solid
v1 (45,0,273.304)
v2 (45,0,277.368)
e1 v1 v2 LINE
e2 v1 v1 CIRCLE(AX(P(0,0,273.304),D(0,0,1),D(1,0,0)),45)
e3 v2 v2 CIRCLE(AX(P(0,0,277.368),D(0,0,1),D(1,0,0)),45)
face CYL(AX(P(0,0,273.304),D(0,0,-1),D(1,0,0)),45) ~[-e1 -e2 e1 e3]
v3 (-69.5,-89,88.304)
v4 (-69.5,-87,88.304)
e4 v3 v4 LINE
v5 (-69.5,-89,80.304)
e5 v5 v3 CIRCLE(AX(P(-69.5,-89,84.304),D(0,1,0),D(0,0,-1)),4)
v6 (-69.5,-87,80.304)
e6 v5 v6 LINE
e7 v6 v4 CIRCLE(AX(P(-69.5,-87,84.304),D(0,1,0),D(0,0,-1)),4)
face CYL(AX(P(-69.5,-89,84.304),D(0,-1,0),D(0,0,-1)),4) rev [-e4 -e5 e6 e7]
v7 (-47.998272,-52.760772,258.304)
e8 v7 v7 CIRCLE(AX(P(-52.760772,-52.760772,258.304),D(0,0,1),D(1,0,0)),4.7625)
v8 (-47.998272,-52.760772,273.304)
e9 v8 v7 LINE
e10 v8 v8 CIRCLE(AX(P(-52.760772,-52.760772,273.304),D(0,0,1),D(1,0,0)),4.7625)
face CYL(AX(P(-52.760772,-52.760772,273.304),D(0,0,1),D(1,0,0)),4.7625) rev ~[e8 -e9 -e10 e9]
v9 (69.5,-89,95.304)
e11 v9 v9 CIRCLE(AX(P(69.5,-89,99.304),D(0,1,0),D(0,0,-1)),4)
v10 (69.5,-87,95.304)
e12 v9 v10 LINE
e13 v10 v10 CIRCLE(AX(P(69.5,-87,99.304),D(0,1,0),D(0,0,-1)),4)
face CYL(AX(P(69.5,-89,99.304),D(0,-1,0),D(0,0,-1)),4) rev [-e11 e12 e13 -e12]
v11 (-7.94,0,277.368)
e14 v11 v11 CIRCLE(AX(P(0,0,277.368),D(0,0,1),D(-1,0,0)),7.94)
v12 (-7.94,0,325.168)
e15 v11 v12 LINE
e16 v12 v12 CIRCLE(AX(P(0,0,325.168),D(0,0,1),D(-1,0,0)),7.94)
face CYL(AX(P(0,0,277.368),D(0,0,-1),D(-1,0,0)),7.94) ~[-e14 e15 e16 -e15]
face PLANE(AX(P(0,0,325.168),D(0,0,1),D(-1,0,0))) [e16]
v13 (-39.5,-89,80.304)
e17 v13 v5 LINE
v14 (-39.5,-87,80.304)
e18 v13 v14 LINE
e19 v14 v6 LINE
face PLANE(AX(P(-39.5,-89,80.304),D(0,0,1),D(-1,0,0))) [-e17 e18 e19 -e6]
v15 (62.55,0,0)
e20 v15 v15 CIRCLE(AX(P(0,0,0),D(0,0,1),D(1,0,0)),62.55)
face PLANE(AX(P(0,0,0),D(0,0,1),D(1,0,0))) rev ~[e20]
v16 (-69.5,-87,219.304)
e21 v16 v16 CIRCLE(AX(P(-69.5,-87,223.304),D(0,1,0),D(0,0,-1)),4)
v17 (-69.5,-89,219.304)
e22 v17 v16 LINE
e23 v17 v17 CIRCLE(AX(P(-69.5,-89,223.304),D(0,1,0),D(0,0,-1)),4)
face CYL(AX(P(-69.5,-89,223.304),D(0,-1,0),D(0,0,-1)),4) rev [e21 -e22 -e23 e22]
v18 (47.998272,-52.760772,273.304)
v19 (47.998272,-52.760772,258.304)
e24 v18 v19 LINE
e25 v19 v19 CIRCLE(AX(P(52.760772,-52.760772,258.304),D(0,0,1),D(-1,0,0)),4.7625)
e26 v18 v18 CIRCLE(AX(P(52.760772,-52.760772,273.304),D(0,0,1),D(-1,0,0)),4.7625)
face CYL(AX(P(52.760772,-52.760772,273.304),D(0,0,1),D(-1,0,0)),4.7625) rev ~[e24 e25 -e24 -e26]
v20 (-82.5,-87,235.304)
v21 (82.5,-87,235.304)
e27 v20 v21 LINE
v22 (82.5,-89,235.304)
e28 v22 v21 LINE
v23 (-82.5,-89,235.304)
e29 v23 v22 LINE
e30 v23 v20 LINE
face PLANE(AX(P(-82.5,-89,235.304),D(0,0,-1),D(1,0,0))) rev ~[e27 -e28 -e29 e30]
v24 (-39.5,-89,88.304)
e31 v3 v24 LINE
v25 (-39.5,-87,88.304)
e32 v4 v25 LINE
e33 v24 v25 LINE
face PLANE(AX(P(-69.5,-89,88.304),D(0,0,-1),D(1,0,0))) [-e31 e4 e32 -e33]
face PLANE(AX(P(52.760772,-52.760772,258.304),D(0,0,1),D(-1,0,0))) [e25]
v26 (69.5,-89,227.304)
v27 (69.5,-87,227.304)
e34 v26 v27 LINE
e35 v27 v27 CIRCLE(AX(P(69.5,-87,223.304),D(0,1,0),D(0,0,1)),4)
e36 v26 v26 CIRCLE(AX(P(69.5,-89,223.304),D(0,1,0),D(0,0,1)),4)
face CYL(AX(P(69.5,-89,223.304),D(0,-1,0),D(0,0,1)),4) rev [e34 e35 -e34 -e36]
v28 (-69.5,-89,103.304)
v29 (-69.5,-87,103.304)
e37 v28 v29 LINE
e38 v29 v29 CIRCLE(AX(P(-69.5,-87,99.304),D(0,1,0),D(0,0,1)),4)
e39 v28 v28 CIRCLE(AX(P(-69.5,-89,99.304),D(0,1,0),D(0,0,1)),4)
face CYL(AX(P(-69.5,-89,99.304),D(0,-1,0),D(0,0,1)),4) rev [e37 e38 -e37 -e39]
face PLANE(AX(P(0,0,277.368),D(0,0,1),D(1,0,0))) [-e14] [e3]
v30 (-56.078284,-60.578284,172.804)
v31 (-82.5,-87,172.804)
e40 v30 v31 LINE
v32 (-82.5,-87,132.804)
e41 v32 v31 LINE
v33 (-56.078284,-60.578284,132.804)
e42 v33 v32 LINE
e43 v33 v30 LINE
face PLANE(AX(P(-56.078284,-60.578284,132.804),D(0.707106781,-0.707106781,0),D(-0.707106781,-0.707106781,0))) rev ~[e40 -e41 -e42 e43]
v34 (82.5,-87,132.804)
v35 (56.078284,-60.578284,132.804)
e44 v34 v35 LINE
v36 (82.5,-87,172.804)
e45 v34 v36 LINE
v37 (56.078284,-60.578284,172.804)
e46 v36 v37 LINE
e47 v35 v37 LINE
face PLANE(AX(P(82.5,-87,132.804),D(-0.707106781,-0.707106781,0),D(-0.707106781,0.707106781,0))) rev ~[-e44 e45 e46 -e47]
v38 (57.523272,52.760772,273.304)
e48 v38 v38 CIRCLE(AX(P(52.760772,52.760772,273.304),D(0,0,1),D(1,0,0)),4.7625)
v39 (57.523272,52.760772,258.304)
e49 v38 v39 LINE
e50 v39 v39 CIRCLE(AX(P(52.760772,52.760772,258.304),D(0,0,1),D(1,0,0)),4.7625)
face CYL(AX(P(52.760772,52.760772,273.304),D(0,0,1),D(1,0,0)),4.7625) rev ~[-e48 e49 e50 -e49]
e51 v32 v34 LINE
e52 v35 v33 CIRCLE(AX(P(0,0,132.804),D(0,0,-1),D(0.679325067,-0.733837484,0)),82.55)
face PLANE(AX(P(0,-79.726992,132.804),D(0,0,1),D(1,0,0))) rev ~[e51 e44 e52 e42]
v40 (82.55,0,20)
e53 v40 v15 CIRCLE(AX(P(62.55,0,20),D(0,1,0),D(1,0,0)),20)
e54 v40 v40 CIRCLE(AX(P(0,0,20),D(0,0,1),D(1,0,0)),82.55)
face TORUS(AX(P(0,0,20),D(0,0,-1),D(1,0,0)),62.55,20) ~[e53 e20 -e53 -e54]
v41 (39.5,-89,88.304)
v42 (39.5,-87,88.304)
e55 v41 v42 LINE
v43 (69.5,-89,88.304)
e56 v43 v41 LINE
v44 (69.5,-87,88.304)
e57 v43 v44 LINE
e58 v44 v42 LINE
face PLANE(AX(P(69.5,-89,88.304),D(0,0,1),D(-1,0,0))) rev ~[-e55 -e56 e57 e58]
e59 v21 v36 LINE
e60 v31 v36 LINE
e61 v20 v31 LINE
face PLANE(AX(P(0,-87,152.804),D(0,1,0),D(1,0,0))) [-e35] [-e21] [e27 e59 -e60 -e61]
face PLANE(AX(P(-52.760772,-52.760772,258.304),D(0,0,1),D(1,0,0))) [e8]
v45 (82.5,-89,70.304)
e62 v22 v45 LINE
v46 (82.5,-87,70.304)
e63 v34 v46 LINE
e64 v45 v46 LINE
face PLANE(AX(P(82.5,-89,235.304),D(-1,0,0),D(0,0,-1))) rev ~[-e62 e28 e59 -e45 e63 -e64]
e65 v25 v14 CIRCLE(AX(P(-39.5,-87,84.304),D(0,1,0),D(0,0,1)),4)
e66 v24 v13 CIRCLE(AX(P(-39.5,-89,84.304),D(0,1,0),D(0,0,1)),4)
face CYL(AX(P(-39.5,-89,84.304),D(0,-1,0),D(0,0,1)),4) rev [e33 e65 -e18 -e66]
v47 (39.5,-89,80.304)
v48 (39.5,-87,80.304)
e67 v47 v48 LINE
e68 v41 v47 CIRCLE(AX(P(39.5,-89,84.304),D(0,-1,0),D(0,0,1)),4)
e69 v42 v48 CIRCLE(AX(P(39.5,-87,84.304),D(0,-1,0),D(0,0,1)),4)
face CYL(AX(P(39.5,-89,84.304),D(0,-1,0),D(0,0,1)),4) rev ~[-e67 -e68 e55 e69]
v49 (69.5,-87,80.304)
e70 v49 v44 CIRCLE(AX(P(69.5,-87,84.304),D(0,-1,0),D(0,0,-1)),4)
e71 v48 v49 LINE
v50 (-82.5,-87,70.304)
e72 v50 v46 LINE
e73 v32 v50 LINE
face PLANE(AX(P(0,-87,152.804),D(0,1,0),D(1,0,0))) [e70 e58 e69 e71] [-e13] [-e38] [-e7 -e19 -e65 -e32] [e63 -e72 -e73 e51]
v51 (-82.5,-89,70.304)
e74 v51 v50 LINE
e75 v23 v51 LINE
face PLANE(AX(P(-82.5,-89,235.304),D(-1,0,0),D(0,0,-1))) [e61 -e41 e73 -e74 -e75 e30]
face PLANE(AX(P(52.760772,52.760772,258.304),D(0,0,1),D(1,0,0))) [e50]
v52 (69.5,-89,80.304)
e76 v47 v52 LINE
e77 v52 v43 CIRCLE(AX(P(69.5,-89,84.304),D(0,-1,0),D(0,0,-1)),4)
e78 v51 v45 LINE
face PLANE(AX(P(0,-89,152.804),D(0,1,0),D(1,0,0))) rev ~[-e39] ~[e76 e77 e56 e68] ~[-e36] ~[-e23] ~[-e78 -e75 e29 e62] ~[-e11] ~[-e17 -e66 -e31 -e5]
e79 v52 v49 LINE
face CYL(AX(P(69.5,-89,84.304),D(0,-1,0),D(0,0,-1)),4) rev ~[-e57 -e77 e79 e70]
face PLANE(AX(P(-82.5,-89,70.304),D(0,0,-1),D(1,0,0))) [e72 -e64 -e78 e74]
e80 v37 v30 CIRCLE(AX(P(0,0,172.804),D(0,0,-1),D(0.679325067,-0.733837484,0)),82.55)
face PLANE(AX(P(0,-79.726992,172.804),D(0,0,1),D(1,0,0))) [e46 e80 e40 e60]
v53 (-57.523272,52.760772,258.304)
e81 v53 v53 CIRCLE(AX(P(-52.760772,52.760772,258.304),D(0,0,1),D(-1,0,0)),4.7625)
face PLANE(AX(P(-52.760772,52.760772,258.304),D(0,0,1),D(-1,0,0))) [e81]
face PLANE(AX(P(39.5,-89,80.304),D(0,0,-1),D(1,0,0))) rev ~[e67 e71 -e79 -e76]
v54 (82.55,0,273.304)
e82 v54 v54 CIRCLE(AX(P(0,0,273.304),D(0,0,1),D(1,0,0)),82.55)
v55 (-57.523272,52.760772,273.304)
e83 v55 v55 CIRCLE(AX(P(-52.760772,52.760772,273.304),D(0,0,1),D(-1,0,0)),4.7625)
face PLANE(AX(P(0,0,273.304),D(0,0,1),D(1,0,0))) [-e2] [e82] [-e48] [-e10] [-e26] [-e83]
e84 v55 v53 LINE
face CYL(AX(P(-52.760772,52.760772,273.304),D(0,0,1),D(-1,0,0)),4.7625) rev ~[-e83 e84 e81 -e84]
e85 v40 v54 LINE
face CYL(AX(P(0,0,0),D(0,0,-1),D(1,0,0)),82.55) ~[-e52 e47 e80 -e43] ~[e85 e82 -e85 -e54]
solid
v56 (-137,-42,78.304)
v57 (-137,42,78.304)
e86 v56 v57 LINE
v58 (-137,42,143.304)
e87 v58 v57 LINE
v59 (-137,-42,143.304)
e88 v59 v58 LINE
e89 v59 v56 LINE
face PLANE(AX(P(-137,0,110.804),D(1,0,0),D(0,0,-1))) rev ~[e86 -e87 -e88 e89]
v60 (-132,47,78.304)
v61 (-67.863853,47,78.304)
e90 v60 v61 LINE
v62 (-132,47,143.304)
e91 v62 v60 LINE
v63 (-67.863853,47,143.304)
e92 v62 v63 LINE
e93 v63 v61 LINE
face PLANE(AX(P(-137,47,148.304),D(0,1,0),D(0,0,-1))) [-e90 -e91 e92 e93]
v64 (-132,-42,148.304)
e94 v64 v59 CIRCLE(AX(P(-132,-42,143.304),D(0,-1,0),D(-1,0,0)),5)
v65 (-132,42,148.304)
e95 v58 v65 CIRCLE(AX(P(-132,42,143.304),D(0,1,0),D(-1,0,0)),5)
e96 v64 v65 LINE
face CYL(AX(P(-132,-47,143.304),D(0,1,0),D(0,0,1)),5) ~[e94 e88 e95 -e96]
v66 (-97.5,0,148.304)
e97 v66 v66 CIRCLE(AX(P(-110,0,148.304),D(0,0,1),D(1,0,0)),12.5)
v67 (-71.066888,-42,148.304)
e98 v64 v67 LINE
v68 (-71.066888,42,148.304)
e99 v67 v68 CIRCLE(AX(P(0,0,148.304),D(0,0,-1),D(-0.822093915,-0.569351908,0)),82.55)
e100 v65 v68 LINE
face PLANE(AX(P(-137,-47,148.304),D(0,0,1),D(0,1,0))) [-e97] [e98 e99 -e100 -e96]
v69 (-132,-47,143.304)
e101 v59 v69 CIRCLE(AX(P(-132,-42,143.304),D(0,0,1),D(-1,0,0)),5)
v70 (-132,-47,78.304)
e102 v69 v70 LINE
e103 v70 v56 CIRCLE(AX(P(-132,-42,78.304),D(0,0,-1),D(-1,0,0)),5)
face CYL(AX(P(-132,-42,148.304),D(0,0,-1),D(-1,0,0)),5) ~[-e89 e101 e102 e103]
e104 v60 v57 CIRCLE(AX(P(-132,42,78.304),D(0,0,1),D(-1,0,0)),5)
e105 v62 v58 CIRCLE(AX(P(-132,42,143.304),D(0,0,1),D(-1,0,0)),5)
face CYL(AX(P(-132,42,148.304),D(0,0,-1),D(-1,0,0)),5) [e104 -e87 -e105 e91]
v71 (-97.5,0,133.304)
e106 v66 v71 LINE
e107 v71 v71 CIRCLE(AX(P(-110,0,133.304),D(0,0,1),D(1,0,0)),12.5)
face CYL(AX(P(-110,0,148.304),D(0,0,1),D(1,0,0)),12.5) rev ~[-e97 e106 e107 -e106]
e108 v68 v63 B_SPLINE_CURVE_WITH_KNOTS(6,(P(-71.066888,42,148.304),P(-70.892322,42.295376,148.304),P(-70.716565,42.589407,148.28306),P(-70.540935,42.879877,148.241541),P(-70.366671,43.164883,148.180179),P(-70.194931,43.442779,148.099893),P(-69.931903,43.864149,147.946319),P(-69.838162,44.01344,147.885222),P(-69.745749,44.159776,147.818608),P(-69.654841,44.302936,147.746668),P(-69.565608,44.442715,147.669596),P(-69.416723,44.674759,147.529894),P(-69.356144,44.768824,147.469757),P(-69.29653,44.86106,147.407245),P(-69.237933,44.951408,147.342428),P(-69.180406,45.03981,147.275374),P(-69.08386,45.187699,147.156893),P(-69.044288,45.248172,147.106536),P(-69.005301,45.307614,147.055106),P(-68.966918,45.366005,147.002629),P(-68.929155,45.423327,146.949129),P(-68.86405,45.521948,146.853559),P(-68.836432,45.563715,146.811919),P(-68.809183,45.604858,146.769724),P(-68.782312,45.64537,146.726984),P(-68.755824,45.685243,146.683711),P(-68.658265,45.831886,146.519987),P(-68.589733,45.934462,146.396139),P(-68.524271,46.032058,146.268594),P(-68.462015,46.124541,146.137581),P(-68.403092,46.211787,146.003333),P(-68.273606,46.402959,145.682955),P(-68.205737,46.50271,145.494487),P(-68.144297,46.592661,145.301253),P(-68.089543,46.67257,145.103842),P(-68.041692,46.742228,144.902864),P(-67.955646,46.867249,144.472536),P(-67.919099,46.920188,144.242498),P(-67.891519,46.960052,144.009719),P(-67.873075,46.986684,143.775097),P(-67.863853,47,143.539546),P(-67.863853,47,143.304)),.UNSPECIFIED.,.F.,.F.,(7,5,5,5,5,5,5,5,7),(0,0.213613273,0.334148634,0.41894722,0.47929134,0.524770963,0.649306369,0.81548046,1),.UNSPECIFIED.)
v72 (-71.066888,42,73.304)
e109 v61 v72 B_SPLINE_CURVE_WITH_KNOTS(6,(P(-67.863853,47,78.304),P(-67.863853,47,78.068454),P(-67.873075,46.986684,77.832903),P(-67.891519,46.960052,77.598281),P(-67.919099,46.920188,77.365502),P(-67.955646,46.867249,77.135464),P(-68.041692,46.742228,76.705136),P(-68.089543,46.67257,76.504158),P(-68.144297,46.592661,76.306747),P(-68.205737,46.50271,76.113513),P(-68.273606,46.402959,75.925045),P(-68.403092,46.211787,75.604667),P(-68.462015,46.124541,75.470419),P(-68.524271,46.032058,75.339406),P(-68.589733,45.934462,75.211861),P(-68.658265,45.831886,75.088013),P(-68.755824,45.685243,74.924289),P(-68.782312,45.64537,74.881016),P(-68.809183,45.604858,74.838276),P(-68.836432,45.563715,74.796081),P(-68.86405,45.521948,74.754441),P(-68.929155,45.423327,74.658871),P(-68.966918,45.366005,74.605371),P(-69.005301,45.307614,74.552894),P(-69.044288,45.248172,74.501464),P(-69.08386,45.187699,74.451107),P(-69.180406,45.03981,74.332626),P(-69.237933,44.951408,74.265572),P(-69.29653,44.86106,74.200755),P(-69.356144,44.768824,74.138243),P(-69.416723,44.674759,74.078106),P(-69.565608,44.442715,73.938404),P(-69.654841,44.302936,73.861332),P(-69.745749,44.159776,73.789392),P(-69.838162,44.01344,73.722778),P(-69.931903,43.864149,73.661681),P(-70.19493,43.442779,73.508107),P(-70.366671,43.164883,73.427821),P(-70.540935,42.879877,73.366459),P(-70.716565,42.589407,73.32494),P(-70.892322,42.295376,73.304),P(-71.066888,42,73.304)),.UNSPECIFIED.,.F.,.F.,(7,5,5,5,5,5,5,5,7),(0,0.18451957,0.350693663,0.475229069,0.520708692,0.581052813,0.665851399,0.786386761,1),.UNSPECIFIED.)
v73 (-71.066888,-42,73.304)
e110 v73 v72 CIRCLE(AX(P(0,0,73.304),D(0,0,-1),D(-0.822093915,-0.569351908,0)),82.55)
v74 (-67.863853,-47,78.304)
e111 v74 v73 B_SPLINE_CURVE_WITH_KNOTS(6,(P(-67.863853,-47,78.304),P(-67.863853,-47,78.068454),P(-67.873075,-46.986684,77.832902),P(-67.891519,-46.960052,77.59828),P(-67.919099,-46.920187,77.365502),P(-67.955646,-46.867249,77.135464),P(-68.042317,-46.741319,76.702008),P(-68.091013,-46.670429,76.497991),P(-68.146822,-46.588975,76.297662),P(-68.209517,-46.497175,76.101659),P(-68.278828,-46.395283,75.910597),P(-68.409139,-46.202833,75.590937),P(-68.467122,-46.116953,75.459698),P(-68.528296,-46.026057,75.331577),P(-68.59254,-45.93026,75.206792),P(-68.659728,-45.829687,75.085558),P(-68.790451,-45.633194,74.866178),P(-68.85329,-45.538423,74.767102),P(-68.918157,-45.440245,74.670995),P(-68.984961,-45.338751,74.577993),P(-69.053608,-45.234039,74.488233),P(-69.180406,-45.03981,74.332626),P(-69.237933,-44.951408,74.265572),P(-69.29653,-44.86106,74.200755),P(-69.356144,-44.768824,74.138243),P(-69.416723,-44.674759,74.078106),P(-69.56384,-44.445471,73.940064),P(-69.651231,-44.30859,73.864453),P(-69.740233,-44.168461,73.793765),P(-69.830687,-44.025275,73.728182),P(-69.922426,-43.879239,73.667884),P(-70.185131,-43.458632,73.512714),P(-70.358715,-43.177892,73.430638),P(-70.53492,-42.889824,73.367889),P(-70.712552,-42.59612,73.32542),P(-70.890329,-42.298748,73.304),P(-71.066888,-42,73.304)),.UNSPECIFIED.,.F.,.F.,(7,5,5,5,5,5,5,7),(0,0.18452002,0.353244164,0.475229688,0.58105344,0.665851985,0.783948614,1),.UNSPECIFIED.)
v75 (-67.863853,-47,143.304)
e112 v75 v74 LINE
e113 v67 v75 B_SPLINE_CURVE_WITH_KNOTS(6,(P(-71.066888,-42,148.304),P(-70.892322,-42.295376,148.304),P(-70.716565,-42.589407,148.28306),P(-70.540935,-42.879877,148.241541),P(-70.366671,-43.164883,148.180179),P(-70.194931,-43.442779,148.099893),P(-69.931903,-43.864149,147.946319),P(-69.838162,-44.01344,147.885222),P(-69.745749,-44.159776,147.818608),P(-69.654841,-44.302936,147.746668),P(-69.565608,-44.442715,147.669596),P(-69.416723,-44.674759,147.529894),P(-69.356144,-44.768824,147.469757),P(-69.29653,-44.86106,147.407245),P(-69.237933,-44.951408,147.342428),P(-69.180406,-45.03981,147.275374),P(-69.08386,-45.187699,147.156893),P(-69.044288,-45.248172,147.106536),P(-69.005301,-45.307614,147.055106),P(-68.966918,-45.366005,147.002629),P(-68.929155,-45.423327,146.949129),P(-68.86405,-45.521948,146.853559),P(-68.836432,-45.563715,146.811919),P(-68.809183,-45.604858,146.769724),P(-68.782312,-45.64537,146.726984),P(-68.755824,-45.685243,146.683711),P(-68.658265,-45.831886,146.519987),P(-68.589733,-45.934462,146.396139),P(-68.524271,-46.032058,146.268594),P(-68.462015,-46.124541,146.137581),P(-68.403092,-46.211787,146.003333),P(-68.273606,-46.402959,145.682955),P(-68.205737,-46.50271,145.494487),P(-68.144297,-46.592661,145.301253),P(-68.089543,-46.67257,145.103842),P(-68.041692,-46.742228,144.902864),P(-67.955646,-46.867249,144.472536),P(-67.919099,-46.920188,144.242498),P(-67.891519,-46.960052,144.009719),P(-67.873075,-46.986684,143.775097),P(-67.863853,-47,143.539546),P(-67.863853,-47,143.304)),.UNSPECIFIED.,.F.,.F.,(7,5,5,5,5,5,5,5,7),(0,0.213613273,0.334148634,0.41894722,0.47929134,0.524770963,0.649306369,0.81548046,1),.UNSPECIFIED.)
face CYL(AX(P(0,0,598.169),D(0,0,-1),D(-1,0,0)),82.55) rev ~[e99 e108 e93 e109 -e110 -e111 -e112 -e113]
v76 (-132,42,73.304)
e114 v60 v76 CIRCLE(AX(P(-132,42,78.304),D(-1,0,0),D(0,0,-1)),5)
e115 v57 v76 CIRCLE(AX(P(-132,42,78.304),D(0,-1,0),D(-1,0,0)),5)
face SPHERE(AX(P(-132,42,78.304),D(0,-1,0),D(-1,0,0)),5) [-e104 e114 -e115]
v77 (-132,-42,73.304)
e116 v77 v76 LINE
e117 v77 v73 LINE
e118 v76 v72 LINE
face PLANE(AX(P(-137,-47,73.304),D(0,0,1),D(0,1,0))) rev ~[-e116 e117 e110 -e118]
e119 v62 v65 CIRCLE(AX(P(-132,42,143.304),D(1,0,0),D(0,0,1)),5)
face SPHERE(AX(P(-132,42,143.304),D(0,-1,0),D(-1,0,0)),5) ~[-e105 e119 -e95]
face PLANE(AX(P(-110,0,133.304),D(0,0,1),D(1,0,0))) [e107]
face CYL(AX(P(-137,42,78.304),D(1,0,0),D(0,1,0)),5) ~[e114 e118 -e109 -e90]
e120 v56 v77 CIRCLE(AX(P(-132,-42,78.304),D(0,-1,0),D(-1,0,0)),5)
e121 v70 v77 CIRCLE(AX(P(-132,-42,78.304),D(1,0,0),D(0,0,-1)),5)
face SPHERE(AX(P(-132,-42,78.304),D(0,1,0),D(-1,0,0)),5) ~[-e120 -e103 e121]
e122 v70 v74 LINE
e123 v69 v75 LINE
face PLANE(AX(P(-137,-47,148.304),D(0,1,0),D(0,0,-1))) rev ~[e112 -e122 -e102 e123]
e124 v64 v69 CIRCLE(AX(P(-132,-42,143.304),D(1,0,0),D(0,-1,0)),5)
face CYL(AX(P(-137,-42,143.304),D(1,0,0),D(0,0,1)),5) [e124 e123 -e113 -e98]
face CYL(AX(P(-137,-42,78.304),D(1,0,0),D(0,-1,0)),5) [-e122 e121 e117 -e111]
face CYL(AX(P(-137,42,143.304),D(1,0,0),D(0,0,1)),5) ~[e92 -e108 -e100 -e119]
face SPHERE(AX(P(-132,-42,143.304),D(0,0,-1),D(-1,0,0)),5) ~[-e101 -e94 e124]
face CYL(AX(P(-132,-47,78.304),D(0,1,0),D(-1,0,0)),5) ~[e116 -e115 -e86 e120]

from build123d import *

# Parameters (mm, degrees)
SKETCH1_R                = 82.55
BOSS_EXTRUDE1_DEPTH      = 273.304
SKETCH2_R                = 45
BOSS_EXTRUDE2_DEPTH      = 4.064
SKETCH3_R                = 7.94
BOSS_EXTRUDE3_DEPTH      = 47.8
SKETCH5_W                = 165
SKETCH5_H                = 165
SKETCH5_R                = 4
BOSS_EXTRUDE4_DEPTH      = 2
BOSS_EXTRUDE5_REACH      = 404.315
BOSS_EXTRUDE5_END_RADIUS = 82.55
SKETCH6_W                = 75
SKETCH6_H                = 94
SKETCH7_R                = 4.7625
CUT_EXTRUDE1_DEPTH       = 15
SKETCH8_R                = 12.5
CUT_EXTRUDE2_DEPTH       = 15
BOSS_EXTRUDE6_DEPTH      = 20
BOSS_EXTRUDE6_DEPTH_BACK = 20
FILLET1_R                = 5
FILLET2_R                = 20


with BuildPart() as part:
    # Sketch1 → Boss-Extrude1 (new body)
    with BuildSketch(Plane.XY):
        Circle(SKETCH1_R)
    extrude(amount=BOSS_EXTRUDE1_DEPTH)

    # Sketch2 → Boss-Extrude2 (add)
    with BuildSketch(Plane.XY.offset(273.304)):
        Circle(SKETCH2_R)
    extrude(amount=BOSS_EXTRUDE2_DEPTH)

    # Sketch3 → Boss-Extrude3 (add)
    with BuildSketch(Plane.XY.offset(277.368)):
        with Locations(Location((0, 0, 0), (0, 0, 180))):
            Circle(SKETCH3_R)
    extrude(amount=BOSS_EXTRUDE3_DEPTH)

    # Sketch7 → Cut-Extrude1 (cut)
    with BuildSketch(Plane.XY.offset(273.304)):
        with Locations((52.760772478, 52.760772478)):
            Circle(SKETCH7_R)
        with Locations(Location((52.760772478, -52.760772478, 0), (0, 0, 180))):
            Circle(SKETCH7_R)
        with Locations((-52.760772478, -52.760772478)):
            Circle(SKETCH7_R)
        with Locations(Location((-52.760772478, 52.760772478, 0), (0, 0, 180))):
            Circle(SKETCH7_R)
    extrude(amount=-CUT_EXTRUDE1_DEPTH, mode=Mode.SUBTRACT)



with BuildPart() as body_2:
    # Sketch5 → Boss-Extrude4 (new body)
    with BuildSketch(Plane(origin=(0, -89, 0), x_dir=(1, 0, 0), z_dir=(0, 1, 0))):
        with Locations((0, -152.804)):
            Rectangle(SKETCH5_W, SKETCH5_H)
        with Locations(Location((69.5, -223.304, 0), (0, 0, 270))):
            Circle(SKETCH5_R, mode=Mode.SUBTRACT)
        with Locations(Location((69.5, -99.304, 0), (0, 0, 90))):
            Circle(SKETCH5_R, mode=Mode.SUBTRACT)
        with Locations(Location((-69.5, -99.304, 0), (0, 0, 270))):
            Circle(SKETCH5_R, mode=Mode.SUBTRACT)
        with Locations(Location((-69.5, -223.304, 0), (0, 0, 90))):
            Circle(SKETCH5_R, mode=Mode.SUBTRACT)
        with BuildLine():
            Line((69.5, -88.304), (39.5, -88.304))
            ThreePointArc((39.5, -88.304), (35.5, -84.304), (39.5, -80.304))
            Line((39.5, -80.304), (69.5, -80.304))
            ThreePointArc((69.5, -80.304), (73.5, -84.304), (69.5, -88.304))
        make_face(mode=Mode.SUBTRACT)
        with BuildLine():
            Line((-69.5, -88.304), (-39.5, -88.304))
            ThreePointArc((-39.5, -88.304), (-35.5, -84.304), (-39.5, -80.304))
            Line((-39.5, -80.304), (-69.5, -80.304))
            ThreePointArc((-69.5, -80.304), (-73.5, -84.304), (-69.5, -88.304))
        make_face(mode=Mode.SUBTRACT)
    extrude(amount=BOSS_EXTRUDE4_DEPTH)


with BuildPart() as body_3:
    # Boss-Extrude5: up to this cylinder (the profile starts outside it)
    boss_extrude5_end = Plane(origin=(0, 0, 110.804), z_dir=(0, 0, -1)) * Cylinder(BOSS_EXTRUDE5_END_RADIUS, 974.73, mode=Mode.PRIVATE)
    # Sketch6 → Boss-Extrude5 (new, up to the surface)
    with BuildSketch(Plane(origin=(-137, 0, 0), x_dir=(0, 0, -1), z_dir=(1, 0, 0)), mode=Mode.PRIVATE) as boss_extrude5_sk1:
        with Locations((-110.804, 0)):
            Rectangle(SKETCH6_W, SKETCH6_H)
    boss_extrude5_tool1 = extrude(boss_extrude5_sk1.sketch, amount=BOSS_EXTRUDE5_REACH, mode=Mode.PRIVATE) - boss_extrude5_end
    add(boss_extrude5_tool1.solids().sort_by_distance((-137, 0, 110.804))[0])

    # Sketch8 → Cut-Extrude2 (cut)
    with BuildSketch(Plane.XY.offset(148.304)):
        with Locations((-110, 0)):
            Circle(SKETCH8_R)
    extrude(amount=-CUT_EXTRUDE2_DEPTH, mode=Mode.SUBTRACT)

    # Fillet1
    fillet1_edges = [body_3.edges().sort_by_distance(p)[0] for p in [
        (-137, 0, 73.304),
        (-137, -47, 110.804),
        (-137, 0, 148.304),
        (-137, 47, 110.804),
        (-102.431926338, -47, 73.304),
        (-102.431926338, -47, 148.304),
        (-102.431926338, 47, 148.304),
        (-102.431926338, 47, 73.304),
    ]]
    fillet(fillet1_edges, radius=FILLET1_R)


with BuildPart() as part_1:
    add(part.part)

    add(body_2.part)  # Boss-Extrude6 merges body 2
    # Sketch9 → Boss-Extrude6 (add, two sides: drawn at the far end of the back side and taken through both)
    with BuildSketch(Plane.XY.offset(152.804).offset(-BOSS_EXTRUDE6_DEPTH_BACK)):
        with BuildLine():
            Line((-56.078284305, -60.578284305), (-82.5, -87))
            Line((-82.5, -87), (82.5, -87))
            Line((82.5, -87), (56.078284305, -60.578284305))
            ThreePointArc((56.078284305, -60.578284305), (0, -82.55), (-56.078284305, -60.578284305))
        make_face()
    extrude(amount=BOSS_EXTRUDE6_DEPTH + BOSS_EXTRUDE6_DEPTH_BACK)

    # Fillet2
    fillet2_edges = [part_1.edges().sort_by_distance(p)[0] for p in [
        (-82.55, 0, 0),
    ]]
    fillet(fillet2_edges, radius=FILLET2_R)


solid = Compound([body_3.part, part_1.part])
